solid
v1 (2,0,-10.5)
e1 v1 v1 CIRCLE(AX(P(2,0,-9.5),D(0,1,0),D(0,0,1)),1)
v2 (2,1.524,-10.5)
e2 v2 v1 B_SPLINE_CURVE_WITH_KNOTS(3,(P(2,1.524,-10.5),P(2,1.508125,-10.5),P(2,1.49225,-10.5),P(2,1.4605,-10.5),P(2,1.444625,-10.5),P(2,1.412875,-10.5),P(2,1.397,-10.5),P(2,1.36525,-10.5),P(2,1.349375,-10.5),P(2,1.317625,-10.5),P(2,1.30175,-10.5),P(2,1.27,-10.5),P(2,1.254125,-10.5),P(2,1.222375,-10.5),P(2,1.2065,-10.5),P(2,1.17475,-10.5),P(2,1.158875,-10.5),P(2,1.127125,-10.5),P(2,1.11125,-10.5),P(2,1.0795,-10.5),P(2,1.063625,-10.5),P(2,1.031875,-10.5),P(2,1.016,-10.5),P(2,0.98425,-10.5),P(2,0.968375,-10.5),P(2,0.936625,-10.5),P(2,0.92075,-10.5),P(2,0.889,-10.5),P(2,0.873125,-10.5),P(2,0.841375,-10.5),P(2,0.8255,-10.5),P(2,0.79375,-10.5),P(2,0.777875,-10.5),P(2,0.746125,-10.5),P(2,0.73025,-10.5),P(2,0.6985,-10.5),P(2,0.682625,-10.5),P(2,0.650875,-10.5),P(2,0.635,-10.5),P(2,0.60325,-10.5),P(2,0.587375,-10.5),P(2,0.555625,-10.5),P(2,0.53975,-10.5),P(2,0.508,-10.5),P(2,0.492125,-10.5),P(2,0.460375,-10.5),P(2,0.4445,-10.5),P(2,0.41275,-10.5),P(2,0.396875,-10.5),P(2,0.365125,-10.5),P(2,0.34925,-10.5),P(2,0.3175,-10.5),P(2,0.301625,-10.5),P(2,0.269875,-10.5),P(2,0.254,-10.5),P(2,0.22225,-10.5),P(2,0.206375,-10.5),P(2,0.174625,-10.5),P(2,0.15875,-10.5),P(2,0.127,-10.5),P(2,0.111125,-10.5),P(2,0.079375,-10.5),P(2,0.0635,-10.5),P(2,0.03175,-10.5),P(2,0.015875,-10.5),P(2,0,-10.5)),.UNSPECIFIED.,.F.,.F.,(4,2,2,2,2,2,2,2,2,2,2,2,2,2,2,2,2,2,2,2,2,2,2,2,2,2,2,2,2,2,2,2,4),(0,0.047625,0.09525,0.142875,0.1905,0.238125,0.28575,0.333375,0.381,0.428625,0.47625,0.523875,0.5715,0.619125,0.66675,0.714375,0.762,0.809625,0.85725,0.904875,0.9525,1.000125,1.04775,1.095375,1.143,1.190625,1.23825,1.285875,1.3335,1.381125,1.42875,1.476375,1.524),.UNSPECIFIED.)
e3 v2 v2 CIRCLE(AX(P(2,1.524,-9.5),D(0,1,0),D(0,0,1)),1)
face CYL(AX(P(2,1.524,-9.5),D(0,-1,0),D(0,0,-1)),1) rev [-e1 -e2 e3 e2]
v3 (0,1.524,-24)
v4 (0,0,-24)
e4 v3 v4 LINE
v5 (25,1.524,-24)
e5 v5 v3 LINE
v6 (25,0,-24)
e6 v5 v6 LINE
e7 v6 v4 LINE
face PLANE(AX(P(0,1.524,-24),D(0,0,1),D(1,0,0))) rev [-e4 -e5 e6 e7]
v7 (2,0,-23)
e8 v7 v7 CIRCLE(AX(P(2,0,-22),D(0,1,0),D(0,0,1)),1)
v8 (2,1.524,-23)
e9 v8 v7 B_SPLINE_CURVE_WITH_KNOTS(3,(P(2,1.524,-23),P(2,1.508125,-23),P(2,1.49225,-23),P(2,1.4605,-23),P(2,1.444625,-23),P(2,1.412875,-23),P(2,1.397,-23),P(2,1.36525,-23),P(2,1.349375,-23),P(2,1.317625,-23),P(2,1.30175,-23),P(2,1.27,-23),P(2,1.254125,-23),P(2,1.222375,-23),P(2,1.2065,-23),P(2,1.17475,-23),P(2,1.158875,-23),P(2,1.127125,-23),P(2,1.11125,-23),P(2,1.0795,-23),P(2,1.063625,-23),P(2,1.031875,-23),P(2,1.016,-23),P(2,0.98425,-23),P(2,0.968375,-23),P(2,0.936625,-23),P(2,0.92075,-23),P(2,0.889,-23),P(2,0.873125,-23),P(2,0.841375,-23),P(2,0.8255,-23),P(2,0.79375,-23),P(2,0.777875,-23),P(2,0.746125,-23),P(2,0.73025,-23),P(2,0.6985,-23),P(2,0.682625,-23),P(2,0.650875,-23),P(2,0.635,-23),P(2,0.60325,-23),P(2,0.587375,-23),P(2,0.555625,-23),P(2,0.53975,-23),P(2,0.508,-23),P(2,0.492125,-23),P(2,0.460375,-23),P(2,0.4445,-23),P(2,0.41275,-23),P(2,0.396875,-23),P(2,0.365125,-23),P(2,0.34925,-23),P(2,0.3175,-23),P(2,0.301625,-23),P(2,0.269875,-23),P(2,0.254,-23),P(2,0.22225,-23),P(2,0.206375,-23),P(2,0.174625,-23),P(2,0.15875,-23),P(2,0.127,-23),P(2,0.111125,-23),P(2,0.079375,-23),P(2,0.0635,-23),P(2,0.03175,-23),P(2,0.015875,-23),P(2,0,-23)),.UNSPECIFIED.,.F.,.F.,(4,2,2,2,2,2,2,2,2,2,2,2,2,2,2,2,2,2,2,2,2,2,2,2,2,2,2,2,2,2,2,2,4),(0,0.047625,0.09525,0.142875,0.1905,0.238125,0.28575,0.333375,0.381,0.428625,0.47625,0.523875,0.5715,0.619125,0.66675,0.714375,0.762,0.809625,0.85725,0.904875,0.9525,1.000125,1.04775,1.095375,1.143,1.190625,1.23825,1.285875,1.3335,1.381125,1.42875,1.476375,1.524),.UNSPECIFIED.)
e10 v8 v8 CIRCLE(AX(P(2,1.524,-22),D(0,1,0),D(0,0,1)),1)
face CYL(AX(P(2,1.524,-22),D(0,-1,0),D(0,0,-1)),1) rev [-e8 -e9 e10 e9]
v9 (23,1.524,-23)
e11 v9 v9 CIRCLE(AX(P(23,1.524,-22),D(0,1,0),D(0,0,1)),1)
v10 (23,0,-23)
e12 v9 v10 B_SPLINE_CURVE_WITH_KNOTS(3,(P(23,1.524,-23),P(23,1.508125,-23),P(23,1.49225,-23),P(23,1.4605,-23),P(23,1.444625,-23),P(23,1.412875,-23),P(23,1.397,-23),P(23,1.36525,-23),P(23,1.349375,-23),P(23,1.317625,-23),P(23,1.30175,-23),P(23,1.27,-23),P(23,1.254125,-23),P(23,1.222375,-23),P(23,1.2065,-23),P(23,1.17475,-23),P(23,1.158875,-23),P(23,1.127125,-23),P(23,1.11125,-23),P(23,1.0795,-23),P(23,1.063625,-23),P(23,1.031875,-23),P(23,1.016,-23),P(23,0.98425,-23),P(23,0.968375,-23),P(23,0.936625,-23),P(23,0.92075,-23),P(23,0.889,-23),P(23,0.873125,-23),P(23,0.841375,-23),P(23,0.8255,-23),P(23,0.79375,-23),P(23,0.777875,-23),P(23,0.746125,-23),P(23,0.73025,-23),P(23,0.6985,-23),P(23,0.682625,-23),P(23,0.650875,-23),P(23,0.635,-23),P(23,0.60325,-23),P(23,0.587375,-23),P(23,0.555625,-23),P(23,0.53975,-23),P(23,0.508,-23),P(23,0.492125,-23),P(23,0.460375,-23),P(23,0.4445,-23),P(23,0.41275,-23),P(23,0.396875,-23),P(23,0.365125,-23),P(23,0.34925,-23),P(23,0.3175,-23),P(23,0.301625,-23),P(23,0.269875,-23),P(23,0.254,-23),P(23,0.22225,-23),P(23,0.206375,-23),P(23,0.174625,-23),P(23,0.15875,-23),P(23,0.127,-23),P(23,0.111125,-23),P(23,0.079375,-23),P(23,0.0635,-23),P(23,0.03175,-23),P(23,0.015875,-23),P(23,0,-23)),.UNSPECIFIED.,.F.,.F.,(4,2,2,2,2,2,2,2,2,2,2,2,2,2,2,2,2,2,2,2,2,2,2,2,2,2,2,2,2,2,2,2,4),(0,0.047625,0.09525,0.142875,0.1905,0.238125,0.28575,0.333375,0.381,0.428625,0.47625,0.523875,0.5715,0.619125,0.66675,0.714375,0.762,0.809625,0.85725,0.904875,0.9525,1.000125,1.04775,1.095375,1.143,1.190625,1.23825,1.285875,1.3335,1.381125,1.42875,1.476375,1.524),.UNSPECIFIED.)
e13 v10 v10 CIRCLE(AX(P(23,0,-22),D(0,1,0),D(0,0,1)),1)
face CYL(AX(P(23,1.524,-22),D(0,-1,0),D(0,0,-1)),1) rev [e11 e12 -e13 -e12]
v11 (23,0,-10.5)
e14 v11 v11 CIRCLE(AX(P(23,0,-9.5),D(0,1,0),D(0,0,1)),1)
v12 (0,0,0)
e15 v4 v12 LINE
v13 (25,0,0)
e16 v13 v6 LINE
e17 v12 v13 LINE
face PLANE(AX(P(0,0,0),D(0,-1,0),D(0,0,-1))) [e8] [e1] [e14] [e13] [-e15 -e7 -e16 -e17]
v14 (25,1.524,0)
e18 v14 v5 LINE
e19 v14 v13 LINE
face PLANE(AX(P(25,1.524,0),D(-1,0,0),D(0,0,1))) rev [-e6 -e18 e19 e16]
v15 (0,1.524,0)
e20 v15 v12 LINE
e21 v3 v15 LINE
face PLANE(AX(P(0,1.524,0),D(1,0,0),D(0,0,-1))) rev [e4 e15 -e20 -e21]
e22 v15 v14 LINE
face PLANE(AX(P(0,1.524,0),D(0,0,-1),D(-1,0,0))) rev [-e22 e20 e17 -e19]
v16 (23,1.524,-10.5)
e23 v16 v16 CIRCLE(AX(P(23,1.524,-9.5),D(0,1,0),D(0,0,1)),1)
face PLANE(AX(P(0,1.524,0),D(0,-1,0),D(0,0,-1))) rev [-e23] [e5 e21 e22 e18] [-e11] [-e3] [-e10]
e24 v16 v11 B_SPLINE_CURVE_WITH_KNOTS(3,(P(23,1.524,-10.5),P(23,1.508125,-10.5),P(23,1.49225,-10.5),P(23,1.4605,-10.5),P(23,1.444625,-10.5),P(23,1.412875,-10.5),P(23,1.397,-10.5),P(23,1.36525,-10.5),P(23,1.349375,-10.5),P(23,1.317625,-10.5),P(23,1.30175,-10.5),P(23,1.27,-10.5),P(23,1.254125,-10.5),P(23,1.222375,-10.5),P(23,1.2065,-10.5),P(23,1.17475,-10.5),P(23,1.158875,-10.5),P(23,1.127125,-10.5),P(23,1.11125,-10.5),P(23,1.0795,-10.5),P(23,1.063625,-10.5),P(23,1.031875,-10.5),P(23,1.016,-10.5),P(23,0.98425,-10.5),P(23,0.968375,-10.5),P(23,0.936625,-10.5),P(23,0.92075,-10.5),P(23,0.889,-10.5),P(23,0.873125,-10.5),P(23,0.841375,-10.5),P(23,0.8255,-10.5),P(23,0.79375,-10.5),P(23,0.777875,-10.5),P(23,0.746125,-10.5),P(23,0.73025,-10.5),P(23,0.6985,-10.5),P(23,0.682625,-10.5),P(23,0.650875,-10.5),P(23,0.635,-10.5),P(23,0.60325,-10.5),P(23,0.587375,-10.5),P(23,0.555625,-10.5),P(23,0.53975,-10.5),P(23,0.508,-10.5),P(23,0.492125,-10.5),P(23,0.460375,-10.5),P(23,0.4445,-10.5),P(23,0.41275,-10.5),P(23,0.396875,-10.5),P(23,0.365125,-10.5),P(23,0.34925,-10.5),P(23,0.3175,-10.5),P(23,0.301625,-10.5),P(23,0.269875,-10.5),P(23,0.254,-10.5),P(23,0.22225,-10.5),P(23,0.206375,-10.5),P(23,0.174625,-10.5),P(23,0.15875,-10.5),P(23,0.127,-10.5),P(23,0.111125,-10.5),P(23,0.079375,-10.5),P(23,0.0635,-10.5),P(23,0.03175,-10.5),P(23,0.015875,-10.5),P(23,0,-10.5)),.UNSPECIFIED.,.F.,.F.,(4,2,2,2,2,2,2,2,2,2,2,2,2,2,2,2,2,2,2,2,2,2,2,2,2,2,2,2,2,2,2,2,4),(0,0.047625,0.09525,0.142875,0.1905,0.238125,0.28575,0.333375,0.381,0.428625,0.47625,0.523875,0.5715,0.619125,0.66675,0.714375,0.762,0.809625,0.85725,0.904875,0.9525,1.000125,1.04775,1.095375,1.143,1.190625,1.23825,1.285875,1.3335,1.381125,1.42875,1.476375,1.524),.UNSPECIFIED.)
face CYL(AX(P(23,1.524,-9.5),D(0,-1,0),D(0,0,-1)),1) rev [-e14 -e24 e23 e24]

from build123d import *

# Parameters (mm, degrees)
SKETCH2_W           = 25
SKETCH2_H           = 24
SKETCH2_R           = 1
BOSS_EXTRUDE1_DEPTH = 1.524


with BuildPart() as part:
    # Sketch2 → Boss-Extrude1 (new body)
    with BuildSketch(Plane(origin=(0, 0, 0), x_dir=(1, 0, 0), z_dir=(0, 1, 0))):
        with Locations((12.5, 12)):
            Rectangle(SKETCH2_W, SKETCH2_H)
        with Locations(Location((2, 22, 0), (0, 0, 90))):
            Circle(SKETCH2_R, mode=Mode.SUBTRACT)
        with Locations(Location((23, 22, 0), (0, 0, 90))):
            Circle(SKETCH2_R, mode=Mode.SUBTRACT)
        with Locations(Location((23, 9.5, 0), (0, 0, 90))):
            Circle(SKETCH2_R, mode=Mode.SUBTRACT)
        with Locations(Location((2, 9.5, 0), (0, 0, 90))):
            Circle(SKETCH2_R, mode=Mode.SUBTRACT)
    extrude(amount=BOSS_EXTRUDE1_DEPTH)


solid = part.part
